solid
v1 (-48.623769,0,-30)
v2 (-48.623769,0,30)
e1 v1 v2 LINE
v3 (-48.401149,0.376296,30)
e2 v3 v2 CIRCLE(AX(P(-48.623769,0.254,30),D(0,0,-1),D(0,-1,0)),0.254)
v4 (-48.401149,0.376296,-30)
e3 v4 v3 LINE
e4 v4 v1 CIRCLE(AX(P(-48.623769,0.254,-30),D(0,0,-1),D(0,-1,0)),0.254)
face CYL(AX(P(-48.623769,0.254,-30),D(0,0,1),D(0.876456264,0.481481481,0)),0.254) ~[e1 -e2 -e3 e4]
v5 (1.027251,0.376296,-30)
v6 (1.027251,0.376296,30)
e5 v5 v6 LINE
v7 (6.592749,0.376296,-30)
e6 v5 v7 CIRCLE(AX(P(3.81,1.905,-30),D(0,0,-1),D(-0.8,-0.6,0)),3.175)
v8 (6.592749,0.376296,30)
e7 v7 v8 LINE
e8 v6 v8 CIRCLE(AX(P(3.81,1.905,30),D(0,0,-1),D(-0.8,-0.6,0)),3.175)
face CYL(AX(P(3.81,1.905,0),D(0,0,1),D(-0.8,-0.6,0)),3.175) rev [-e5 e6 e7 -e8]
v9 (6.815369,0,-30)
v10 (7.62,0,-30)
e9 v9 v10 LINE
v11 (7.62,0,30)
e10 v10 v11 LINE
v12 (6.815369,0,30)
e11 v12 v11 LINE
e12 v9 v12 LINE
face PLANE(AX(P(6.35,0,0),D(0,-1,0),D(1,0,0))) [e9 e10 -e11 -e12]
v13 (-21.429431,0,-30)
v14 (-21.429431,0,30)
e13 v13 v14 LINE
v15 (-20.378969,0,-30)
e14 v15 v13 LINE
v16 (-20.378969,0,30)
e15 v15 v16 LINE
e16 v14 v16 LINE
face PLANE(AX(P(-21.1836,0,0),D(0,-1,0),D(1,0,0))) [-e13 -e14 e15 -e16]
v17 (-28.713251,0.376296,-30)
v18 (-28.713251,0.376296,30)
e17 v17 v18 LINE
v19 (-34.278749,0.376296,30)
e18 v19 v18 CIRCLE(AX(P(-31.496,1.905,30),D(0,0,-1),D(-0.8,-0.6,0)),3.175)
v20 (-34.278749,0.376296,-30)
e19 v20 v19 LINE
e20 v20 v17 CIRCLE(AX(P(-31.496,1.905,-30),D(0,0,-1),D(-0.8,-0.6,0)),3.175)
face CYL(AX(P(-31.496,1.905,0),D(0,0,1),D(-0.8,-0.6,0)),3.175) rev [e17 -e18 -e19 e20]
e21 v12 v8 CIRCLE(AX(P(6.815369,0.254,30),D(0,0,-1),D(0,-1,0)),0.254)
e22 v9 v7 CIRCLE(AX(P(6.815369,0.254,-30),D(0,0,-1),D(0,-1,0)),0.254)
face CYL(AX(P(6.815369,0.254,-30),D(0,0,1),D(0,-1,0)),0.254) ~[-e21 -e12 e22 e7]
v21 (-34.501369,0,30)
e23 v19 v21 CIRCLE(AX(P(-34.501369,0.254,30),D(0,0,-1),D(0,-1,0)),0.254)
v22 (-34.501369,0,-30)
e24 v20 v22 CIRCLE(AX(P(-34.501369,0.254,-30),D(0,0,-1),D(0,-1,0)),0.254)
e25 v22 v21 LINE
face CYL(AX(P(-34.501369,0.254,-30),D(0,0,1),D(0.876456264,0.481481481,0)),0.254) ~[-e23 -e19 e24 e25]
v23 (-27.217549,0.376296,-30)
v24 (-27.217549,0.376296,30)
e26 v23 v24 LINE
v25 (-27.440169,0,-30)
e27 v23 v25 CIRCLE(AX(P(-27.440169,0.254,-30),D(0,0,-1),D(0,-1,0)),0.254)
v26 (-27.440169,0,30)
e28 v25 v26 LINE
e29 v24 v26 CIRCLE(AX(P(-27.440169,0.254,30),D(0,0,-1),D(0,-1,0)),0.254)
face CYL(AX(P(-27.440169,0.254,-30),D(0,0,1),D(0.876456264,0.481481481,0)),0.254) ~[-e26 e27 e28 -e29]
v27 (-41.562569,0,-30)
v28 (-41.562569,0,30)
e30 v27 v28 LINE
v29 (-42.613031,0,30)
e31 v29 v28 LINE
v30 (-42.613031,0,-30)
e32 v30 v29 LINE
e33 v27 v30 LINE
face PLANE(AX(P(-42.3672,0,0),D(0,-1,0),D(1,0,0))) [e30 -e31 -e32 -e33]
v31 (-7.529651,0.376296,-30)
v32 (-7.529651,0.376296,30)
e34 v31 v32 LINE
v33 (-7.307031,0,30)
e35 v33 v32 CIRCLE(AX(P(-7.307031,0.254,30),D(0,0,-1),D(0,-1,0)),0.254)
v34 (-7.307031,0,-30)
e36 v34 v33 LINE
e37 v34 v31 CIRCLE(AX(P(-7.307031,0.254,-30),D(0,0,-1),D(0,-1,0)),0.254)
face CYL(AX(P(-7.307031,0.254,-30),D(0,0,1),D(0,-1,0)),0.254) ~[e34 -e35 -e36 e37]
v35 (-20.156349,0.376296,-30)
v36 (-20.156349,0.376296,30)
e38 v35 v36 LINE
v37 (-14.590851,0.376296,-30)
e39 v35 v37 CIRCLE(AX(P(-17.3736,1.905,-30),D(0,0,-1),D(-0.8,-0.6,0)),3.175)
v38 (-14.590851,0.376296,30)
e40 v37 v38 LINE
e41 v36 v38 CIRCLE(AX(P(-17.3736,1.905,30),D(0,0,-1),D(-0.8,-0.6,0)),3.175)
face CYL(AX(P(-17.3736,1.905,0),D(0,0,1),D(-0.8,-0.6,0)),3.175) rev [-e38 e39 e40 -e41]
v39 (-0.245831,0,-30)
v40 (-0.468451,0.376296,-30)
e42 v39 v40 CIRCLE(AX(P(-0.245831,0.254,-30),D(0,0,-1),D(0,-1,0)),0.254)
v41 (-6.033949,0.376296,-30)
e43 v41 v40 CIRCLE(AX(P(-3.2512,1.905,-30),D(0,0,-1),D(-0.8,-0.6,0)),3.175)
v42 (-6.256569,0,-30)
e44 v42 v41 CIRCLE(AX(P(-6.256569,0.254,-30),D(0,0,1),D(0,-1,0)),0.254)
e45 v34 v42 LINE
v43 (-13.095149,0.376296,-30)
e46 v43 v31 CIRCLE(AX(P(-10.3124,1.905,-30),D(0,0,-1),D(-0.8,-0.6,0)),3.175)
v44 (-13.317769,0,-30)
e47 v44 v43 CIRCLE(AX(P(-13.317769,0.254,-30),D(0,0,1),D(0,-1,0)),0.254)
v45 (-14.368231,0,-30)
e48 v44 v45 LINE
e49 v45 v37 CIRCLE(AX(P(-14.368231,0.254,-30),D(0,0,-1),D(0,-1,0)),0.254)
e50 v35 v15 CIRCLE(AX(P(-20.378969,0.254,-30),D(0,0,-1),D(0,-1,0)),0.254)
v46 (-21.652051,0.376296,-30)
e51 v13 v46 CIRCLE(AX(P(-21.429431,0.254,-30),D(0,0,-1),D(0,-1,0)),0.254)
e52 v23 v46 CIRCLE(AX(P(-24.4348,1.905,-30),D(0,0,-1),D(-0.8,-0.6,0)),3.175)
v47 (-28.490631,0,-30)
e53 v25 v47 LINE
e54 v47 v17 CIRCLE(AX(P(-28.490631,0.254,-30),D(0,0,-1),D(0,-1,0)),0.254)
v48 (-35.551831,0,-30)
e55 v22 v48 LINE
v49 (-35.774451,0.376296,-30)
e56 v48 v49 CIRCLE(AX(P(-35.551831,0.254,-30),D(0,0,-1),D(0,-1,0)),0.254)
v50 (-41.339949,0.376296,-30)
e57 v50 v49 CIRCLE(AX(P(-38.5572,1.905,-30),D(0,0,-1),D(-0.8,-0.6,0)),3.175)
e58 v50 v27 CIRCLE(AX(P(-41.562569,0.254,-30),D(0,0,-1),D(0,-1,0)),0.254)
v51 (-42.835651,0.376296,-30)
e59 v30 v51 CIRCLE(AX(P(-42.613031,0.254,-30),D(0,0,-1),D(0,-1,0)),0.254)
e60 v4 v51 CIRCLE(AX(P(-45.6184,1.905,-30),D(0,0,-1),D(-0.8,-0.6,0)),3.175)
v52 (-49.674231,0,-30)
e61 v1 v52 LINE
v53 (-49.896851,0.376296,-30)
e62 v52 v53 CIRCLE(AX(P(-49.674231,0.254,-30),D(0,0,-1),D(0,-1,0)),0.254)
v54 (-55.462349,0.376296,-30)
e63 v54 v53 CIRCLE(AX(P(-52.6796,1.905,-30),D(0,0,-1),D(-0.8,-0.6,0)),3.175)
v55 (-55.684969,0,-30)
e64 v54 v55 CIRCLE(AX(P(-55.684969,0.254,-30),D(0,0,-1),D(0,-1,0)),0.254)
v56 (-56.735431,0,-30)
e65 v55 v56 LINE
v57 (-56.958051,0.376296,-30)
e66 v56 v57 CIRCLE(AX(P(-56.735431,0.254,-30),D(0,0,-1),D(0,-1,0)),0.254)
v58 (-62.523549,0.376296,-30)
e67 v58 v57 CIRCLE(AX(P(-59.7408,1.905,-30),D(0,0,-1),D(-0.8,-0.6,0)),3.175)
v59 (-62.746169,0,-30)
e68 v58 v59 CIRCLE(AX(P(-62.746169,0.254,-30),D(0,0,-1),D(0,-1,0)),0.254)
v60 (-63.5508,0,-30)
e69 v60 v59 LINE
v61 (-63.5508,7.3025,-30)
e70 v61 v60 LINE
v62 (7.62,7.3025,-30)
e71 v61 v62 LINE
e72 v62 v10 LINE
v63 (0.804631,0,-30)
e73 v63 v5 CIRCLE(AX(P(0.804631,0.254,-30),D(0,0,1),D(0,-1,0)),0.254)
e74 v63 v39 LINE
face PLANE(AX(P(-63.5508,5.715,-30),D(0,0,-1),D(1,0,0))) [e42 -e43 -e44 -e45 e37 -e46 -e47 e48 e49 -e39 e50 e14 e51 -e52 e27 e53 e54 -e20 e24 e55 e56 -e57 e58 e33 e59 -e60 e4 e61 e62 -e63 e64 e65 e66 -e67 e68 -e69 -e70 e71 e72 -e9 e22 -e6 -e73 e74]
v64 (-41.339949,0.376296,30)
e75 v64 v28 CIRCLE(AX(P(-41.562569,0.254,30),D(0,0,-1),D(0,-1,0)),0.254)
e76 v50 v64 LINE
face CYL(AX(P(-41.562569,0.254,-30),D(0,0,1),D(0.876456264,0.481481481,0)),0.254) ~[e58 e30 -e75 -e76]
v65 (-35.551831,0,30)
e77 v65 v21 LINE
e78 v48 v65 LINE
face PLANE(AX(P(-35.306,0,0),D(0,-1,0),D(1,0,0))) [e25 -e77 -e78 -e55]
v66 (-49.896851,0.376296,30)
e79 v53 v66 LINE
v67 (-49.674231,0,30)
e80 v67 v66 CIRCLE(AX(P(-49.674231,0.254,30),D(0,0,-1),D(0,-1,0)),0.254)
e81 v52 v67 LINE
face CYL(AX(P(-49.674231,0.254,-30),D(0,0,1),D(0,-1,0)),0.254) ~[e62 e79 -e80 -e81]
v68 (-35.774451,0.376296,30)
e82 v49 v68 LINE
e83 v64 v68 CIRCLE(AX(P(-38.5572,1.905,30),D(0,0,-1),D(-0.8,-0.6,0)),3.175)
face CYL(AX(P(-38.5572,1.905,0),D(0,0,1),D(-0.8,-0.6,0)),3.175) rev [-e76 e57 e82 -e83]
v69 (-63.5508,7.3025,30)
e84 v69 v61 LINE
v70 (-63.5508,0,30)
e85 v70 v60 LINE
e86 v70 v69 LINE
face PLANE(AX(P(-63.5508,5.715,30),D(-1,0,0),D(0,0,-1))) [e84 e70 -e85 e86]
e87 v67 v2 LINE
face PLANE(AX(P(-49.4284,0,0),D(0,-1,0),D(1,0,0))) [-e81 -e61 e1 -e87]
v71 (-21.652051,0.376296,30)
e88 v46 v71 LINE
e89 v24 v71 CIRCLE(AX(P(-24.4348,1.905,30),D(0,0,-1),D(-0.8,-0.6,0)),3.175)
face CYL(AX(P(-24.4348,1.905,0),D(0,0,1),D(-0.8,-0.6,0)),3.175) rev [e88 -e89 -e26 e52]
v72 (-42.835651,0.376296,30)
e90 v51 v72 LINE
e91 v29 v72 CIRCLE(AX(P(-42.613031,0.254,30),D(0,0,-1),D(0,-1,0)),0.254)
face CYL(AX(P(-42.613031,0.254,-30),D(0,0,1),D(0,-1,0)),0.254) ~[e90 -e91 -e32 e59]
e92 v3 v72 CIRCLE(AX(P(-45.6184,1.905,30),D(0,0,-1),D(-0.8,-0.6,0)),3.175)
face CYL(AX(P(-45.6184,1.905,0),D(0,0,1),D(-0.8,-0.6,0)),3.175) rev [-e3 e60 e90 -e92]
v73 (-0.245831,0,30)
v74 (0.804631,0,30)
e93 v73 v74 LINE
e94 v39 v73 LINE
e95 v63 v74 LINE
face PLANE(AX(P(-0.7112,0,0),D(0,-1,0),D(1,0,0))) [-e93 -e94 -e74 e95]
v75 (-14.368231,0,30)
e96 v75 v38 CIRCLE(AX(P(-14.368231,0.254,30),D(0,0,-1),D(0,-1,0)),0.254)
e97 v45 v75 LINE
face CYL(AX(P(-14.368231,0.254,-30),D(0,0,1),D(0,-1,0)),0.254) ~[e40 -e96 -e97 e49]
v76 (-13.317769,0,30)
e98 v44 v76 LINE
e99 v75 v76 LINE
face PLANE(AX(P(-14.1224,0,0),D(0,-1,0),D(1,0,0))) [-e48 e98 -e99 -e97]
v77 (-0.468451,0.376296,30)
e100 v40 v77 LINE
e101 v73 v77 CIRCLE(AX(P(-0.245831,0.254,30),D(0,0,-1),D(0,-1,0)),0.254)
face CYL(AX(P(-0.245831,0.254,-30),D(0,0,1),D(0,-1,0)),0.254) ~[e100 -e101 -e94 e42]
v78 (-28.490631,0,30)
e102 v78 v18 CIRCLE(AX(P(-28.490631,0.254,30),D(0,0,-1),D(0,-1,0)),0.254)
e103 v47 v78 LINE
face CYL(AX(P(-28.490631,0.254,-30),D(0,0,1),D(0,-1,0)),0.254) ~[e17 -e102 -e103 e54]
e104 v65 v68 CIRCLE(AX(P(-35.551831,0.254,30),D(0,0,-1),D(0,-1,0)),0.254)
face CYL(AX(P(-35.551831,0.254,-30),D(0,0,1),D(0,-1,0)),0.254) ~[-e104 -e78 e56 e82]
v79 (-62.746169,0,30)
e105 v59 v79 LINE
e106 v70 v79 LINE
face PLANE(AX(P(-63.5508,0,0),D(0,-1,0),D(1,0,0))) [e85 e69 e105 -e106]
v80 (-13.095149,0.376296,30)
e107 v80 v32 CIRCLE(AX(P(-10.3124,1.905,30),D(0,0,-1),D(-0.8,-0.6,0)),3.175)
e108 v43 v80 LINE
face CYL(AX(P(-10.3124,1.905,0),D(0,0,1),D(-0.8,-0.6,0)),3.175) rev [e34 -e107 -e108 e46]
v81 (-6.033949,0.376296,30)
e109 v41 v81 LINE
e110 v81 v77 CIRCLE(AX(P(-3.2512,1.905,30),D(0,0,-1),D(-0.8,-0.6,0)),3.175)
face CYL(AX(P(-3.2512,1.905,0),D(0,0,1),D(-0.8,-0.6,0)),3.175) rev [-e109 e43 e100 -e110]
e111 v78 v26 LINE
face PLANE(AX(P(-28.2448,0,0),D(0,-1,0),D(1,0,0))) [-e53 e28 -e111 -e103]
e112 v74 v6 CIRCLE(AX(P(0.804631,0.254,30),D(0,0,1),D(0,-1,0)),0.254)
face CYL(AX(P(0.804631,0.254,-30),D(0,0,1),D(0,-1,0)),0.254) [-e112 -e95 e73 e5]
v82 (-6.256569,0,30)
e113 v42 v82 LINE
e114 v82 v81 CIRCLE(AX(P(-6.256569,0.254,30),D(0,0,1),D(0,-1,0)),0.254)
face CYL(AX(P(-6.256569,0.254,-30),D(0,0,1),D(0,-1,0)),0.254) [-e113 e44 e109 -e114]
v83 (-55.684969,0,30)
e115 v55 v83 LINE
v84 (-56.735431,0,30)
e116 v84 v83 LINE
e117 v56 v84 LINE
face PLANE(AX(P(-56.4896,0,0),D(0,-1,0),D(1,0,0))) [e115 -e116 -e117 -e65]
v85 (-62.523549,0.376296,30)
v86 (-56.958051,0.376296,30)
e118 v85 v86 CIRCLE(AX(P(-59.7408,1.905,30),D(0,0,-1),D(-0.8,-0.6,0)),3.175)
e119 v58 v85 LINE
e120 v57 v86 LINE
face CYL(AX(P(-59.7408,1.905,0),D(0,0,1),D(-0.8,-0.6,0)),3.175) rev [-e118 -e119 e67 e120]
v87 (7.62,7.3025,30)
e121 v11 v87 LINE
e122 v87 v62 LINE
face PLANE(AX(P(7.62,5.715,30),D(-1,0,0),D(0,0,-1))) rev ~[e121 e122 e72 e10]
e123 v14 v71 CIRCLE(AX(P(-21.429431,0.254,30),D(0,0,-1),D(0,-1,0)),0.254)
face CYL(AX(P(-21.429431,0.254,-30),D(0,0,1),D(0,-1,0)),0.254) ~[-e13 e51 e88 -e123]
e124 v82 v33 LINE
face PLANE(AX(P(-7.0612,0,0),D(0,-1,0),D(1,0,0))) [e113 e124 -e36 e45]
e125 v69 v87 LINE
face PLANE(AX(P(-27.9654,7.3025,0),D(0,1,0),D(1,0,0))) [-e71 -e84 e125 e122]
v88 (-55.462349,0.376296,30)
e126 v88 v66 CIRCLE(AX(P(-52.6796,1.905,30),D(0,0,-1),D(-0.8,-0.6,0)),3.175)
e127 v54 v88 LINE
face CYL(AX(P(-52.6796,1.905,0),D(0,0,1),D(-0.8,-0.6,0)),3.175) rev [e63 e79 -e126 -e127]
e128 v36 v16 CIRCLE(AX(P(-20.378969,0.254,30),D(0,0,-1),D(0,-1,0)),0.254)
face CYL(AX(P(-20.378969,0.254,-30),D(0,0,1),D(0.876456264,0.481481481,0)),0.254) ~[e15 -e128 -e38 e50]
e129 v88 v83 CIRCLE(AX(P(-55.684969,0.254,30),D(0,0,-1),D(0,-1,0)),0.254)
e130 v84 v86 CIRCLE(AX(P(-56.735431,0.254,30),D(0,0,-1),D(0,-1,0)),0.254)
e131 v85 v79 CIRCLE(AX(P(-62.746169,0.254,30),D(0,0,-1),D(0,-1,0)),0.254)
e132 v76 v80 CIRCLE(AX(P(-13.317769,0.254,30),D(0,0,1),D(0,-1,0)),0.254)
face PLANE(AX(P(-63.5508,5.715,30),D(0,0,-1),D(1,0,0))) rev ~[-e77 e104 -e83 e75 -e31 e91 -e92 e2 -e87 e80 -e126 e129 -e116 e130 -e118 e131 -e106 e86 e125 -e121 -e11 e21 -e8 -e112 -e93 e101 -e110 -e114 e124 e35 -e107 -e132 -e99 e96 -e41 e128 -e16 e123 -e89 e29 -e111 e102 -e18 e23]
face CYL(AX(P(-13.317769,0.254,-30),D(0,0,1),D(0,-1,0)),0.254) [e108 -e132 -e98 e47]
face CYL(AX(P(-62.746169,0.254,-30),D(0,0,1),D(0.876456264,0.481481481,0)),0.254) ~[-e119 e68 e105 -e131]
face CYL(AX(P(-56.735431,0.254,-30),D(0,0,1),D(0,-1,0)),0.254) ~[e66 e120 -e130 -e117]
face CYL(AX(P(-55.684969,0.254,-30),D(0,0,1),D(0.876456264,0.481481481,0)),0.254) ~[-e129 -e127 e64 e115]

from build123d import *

# Parameters (mm, degrees)
BOSS_EXTRUDE1_DEPTH    = 30
FILLET1_R              = 0.254
LPATTERN1_COUNT        = 10
LPATTERN1_PITCH        = 7.0612
FILLET1_OF_LPATTERN1_R = 0.254
SKETCH4_W              = 71.1708
SKETCH4_H              = 60
BOSS_EXTRUDE2_DEPTH    = 1.5875


with BuildPart() as part:
    # Sketch1 → Boss-Extrude1 (new, symmetric)
    with BuildSketch(Plane.XY):
        with BuildLine():
            Line((0, 0), (1.27, 0))
            ThreePointArc((1.27, 0), (3.81, 5.08), (6.35, 0))
            Line((6.35, 0), (7.62, 0))
            Line((7.62, 0), (7.62, 5.715))
            Line((7.62, 5.715), (0, 5.715))
            Line((0, 5.715), (0, 0))
        make_face()
    boss_extrude1 = extrude(amount=BOSS_EXTRUDE1_DEPTH, both=True)

    # Fillet1
    fillet1_edges = [part.edges().sort_by_distance(p)[0] for p in [
        (6.35, 0, 0),
        (1.27, 0, 0),
    ]]
    fillet(fillet1_edges, radius=FILLET1_R)

    # LPattern1: Boss-Extrude1 ×10
    with Locations(*[(-i * LPATTERN1_PITCH, 0, 0) for i in range(1, LPATTERN1_COUNT)]):
        add(boss_extrude1)

    # Fillet1 of LPattern1
    fillet1_of_lpattern1_edges = [part.edges().sort_by_distance(p)[0] for p in [
        (-0.7112, 0, 0),
        (-5.7912, 0, 0),
        (-7.7724, 0, 0),
        (-12.8524, 0, 0),
        (-14.8336, 0, 0),
        (-19.9136, 0, 0),
        (-21.8948, 0, 0),
        (-26.9748, 0, 0),
        (-28.956, 0, 0),
        (-34.036, 0, 0),
        (-36.0172, 0, 0),
        (-41.0972, 0, 0),
        (-43.0784, 0, 0),
        (-48.1584, 0, 0),
        (-50.1396, 0, 0),
        (-55.2196, 0, 0),
        (-57.2008, 0, 0),
        (-62.2808, 0, 0),
    ]]
    fillet(fillet1_of_lpattern1_edges, radius=FILLET1_OF_LPATTERN1_R)

    # Sketch4 → Boss-Extrude2 (add)
    with BuildSketch(Plane(origin=(0, 5.715, 0), x_dir=(1, 0, 0), z_dir=(0, 1, 0))):
        with Locations((-27.9654, 0)):
            Rectangle(SKETCH4_W, SKETCH4_H)
    extrude(amount=BOSS_EXTRUDE2_DEPTH)


solid = part.part
